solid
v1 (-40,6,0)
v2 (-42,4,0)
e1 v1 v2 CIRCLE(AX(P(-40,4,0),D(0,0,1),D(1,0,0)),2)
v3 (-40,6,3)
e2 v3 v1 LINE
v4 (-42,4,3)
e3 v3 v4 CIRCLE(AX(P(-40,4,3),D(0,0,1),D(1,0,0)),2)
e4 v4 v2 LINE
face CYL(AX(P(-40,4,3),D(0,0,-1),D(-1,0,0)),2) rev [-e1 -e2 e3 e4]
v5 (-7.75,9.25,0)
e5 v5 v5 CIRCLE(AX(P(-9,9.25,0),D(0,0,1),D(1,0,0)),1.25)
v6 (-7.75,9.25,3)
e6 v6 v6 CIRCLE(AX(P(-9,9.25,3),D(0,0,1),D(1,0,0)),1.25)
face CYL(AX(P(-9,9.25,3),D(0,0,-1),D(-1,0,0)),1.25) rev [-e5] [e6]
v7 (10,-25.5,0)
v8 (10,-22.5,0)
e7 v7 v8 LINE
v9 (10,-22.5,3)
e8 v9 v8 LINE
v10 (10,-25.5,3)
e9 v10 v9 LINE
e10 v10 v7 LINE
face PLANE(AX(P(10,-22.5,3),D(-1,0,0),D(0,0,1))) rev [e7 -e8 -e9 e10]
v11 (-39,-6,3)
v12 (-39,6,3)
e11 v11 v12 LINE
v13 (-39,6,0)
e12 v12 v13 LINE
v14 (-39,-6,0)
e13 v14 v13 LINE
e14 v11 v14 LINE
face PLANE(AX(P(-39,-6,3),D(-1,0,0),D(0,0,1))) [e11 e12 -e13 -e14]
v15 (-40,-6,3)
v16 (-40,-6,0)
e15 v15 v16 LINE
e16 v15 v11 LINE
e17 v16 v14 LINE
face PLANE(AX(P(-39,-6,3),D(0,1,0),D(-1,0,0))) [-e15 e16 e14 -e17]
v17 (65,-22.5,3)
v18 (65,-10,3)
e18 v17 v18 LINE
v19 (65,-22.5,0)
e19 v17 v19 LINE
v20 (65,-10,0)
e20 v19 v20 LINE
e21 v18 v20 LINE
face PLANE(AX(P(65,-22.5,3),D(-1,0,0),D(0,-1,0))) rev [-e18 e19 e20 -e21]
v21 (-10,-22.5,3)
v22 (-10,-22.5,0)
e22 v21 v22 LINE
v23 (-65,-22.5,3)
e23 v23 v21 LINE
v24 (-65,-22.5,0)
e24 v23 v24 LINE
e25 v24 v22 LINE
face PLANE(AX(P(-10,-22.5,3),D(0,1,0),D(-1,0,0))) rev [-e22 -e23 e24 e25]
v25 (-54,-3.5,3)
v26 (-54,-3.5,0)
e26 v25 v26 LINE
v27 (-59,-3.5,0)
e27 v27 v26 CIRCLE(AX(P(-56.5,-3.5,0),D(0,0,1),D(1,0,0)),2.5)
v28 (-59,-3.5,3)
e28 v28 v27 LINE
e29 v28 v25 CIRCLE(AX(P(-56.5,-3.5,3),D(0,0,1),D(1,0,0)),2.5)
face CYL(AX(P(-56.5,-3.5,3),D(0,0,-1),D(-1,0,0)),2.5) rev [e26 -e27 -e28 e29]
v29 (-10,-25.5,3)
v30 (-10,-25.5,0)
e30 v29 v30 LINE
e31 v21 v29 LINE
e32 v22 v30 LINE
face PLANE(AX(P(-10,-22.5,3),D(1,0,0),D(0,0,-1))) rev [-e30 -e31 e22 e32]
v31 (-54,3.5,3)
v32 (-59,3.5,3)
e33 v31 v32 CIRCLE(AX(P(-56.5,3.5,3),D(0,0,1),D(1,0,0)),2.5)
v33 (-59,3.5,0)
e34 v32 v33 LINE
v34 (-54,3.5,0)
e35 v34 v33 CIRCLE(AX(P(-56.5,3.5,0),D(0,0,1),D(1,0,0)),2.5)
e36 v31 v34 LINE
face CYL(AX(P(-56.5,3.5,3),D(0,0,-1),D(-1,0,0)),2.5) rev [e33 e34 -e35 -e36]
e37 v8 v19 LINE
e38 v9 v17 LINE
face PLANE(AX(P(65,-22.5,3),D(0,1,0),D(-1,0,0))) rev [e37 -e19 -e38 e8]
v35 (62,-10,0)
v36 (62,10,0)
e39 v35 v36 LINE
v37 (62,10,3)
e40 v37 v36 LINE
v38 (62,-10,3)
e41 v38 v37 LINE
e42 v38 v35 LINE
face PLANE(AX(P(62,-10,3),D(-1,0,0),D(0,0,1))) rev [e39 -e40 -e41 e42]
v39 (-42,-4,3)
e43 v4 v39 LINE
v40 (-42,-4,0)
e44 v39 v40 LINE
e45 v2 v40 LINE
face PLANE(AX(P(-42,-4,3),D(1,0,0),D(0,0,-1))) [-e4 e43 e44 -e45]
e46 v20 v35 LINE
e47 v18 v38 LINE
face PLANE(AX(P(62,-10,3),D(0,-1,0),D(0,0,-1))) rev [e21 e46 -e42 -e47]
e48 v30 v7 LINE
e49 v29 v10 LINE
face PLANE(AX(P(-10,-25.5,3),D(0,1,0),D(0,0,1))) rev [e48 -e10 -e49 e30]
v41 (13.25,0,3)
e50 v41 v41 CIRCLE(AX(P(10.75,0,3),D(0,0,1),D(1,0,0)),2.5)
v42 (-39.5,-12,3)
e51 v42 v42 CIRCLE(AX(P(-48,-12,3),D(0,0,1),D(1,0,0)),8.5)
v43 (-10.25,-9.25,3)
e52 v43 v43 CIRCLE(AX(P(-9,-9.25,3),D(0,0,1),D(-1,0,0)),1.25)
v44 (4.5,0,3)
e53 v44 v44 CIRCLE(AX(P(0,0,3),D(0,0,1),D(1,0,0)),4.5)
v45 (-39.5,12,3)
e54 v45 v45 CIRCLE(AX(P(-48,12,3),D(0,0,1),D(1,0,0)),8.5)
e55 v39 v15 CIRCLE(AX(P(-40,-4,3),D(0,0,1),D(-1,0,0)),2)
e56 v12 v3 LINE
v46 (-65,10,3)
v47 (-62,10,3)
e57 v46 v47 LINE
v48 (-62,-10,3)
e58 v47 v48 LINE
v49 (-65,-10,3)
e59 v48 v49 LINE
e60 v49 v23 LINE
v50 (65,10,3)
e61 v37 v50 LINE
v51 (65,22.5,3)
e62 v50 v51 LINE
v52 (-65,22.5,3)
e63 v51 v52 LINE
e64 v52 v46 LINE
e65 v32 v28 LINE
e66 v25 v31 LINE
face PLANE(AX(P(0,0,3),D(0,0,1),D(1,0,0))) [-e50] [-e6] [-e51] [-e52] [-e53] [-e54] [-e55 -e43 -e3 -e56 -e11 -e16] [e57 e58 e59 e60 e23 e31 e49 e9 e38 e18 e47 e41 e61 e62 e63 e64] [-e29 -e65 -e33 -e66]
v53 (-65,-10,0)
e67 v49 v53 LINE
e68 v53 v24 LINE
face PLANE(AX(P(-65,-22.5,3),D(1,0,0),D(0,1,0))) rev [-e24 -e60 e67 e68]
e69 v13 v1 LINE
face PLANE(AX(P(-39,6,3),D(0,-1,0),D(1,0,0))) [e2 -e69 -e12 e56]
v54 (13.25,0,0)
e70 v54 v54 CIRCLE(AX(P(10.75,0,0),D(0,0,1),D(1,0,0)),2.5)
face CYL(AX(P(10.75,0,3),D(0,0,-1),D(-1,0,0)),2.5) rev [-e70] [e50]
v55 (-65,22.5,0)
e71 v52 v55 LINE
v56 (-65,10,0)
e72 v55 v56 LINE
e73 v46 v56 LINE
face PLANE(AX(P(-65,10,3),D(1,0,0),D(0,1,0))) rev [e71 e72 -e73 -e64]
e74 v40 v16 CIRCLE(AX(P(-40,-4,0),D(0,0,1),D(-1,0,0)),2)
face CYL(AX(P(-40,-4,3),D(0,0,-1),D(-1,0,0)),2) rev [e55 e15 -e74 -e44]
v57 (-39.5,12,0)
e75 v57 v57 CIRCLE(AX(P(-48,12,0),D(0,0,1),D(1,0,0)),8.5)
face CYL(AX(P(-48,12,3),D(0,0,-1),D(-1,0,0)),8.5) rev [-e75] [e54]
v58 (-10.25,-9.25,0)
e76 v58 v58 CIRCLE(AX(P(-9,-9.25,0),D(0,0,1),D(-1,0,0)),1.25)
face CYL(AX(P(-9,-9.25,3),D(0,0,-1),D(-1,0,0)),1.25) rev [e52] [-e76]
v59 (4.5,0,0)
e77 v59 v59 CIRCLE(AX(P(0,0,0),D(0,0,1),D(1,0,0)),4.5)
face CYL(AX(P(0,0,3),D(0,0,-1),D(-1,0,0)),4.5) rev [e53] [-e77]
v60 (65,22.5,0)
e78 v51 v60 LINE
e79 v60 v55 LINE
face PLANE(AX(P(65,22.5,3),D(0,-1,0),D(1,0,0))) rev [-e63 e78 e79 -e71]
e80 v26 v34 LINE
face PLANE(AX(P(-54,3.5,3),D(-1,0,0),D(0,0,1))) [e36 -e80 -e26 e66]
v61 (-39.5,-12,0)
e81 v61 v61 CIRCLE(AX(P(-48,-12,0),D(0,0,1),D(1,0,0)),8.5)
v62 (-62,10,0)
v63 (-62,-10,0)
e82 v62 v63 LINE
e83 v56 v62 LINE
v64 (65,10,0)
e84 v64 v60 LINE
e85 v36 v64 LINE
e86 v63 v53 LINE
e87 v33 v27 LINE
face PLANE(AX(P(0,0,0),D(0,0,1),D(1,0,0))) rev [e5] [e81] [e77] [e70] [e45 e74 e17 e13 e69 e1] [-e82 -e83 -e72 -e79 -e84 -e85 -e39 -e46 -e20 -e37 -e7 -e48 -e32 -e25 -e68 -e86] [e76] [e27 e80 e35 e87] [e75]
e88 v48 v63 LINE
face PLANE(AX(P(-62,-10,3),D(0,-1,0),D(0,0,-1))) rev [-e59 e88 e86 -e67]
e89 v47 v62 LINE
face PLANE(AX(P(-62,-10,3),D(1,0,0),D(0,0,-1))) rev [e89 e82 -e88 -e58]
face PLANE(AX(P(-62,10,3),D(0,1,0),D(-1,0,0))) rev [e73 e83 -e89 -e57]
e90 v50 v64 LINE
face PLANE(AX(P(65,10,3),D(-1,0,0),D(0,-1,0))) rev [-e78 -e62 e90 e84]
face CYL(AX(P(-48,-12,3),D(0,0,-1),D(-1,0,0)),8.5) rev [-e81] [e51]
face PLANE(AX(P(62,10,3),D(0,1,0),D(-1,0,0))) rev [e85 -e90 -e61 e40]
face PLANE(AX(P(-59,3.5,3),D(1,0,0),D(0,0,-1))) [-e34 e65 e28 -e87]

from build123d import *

# Parameters (mm, degrees)
SKETCH1_R           = 8.5
SKETCH1_R_2         = 4.5
SKETCH1_R_3         = 2.5
SKETCH1_R_4         = 1.25
BOSS_EXTRUDE1_DEPTH = 3


with BuildPart() as part:
    # Sketch1 → Boss-Extrude1 (new body)
    with BuildSketch(Plane.XY):
        Polygon((-10, -22.5), (-65, -22.5), (-65, -10), (-62, -10), (-62, 10), (-65, 10), (-65, 22.5), (65, 22.5), (65, 10), (62, 10), (62, -10), (65, -10), (65, -22.5), (10, -22.5), (10, -25.5), (-10, -25.5), align=None)
        with Locations((-48, 12)):
            Circle(SKETCH1_R, mode=Mode.SUBTRACT)
        with Locations((-48, -12)):
            Circle(SKETCH1_R, mode=Mode.SUBTRACT)
        Circle(SKETCH1_R_2, mode=Mode.SUBTRACT)
        with Locations((10.75, 0)):
            Circle(SKETCH1_R_3, mode=Mode.SUBTRACT)
        with Locations((-9, 9.25)):
            Circle(SKETCH1_R_4, mode=Mode.SUBTRACT)
        with Locations(Location((-9, -9.25, 0), (0, 0, 180))):
            Circle(SKETCH1_R_4, mode=Mode.SUBTRACT)
        with BuildLine():
            Line((-54, 3.5), (-54, -3.5))
            ThreePointArc((-54, -3.5), (-56.5, -6), (-59, -3.5))
            Line((-59, -3.5), (-59, 3.5))
            ThreePointArc((-59, 3.5), (-56.5, 6), (-54, 3.5))
        make_face(mode=Mode.SUBTRACT)
        with BuildLine():
            Line((-39, -6), (-40, -6))
            ThreePointArc((-40, -6), (-41.414213562, -5.414213562), (-42, -4))
            Line((-42, -4), (-42, 4))
            ThreePointArc((-42, 4), (-41.414213562, 5.414213562), (-40, 6))
            Line((-40, 6), (-39, 6))
            Line((-39, 6), (-39, -6))
        make_face(mode=Mode.SUBTRACT)
    extrude(amount=BOSS_EXTRUDE1_DEPTH)


solid = part.part
